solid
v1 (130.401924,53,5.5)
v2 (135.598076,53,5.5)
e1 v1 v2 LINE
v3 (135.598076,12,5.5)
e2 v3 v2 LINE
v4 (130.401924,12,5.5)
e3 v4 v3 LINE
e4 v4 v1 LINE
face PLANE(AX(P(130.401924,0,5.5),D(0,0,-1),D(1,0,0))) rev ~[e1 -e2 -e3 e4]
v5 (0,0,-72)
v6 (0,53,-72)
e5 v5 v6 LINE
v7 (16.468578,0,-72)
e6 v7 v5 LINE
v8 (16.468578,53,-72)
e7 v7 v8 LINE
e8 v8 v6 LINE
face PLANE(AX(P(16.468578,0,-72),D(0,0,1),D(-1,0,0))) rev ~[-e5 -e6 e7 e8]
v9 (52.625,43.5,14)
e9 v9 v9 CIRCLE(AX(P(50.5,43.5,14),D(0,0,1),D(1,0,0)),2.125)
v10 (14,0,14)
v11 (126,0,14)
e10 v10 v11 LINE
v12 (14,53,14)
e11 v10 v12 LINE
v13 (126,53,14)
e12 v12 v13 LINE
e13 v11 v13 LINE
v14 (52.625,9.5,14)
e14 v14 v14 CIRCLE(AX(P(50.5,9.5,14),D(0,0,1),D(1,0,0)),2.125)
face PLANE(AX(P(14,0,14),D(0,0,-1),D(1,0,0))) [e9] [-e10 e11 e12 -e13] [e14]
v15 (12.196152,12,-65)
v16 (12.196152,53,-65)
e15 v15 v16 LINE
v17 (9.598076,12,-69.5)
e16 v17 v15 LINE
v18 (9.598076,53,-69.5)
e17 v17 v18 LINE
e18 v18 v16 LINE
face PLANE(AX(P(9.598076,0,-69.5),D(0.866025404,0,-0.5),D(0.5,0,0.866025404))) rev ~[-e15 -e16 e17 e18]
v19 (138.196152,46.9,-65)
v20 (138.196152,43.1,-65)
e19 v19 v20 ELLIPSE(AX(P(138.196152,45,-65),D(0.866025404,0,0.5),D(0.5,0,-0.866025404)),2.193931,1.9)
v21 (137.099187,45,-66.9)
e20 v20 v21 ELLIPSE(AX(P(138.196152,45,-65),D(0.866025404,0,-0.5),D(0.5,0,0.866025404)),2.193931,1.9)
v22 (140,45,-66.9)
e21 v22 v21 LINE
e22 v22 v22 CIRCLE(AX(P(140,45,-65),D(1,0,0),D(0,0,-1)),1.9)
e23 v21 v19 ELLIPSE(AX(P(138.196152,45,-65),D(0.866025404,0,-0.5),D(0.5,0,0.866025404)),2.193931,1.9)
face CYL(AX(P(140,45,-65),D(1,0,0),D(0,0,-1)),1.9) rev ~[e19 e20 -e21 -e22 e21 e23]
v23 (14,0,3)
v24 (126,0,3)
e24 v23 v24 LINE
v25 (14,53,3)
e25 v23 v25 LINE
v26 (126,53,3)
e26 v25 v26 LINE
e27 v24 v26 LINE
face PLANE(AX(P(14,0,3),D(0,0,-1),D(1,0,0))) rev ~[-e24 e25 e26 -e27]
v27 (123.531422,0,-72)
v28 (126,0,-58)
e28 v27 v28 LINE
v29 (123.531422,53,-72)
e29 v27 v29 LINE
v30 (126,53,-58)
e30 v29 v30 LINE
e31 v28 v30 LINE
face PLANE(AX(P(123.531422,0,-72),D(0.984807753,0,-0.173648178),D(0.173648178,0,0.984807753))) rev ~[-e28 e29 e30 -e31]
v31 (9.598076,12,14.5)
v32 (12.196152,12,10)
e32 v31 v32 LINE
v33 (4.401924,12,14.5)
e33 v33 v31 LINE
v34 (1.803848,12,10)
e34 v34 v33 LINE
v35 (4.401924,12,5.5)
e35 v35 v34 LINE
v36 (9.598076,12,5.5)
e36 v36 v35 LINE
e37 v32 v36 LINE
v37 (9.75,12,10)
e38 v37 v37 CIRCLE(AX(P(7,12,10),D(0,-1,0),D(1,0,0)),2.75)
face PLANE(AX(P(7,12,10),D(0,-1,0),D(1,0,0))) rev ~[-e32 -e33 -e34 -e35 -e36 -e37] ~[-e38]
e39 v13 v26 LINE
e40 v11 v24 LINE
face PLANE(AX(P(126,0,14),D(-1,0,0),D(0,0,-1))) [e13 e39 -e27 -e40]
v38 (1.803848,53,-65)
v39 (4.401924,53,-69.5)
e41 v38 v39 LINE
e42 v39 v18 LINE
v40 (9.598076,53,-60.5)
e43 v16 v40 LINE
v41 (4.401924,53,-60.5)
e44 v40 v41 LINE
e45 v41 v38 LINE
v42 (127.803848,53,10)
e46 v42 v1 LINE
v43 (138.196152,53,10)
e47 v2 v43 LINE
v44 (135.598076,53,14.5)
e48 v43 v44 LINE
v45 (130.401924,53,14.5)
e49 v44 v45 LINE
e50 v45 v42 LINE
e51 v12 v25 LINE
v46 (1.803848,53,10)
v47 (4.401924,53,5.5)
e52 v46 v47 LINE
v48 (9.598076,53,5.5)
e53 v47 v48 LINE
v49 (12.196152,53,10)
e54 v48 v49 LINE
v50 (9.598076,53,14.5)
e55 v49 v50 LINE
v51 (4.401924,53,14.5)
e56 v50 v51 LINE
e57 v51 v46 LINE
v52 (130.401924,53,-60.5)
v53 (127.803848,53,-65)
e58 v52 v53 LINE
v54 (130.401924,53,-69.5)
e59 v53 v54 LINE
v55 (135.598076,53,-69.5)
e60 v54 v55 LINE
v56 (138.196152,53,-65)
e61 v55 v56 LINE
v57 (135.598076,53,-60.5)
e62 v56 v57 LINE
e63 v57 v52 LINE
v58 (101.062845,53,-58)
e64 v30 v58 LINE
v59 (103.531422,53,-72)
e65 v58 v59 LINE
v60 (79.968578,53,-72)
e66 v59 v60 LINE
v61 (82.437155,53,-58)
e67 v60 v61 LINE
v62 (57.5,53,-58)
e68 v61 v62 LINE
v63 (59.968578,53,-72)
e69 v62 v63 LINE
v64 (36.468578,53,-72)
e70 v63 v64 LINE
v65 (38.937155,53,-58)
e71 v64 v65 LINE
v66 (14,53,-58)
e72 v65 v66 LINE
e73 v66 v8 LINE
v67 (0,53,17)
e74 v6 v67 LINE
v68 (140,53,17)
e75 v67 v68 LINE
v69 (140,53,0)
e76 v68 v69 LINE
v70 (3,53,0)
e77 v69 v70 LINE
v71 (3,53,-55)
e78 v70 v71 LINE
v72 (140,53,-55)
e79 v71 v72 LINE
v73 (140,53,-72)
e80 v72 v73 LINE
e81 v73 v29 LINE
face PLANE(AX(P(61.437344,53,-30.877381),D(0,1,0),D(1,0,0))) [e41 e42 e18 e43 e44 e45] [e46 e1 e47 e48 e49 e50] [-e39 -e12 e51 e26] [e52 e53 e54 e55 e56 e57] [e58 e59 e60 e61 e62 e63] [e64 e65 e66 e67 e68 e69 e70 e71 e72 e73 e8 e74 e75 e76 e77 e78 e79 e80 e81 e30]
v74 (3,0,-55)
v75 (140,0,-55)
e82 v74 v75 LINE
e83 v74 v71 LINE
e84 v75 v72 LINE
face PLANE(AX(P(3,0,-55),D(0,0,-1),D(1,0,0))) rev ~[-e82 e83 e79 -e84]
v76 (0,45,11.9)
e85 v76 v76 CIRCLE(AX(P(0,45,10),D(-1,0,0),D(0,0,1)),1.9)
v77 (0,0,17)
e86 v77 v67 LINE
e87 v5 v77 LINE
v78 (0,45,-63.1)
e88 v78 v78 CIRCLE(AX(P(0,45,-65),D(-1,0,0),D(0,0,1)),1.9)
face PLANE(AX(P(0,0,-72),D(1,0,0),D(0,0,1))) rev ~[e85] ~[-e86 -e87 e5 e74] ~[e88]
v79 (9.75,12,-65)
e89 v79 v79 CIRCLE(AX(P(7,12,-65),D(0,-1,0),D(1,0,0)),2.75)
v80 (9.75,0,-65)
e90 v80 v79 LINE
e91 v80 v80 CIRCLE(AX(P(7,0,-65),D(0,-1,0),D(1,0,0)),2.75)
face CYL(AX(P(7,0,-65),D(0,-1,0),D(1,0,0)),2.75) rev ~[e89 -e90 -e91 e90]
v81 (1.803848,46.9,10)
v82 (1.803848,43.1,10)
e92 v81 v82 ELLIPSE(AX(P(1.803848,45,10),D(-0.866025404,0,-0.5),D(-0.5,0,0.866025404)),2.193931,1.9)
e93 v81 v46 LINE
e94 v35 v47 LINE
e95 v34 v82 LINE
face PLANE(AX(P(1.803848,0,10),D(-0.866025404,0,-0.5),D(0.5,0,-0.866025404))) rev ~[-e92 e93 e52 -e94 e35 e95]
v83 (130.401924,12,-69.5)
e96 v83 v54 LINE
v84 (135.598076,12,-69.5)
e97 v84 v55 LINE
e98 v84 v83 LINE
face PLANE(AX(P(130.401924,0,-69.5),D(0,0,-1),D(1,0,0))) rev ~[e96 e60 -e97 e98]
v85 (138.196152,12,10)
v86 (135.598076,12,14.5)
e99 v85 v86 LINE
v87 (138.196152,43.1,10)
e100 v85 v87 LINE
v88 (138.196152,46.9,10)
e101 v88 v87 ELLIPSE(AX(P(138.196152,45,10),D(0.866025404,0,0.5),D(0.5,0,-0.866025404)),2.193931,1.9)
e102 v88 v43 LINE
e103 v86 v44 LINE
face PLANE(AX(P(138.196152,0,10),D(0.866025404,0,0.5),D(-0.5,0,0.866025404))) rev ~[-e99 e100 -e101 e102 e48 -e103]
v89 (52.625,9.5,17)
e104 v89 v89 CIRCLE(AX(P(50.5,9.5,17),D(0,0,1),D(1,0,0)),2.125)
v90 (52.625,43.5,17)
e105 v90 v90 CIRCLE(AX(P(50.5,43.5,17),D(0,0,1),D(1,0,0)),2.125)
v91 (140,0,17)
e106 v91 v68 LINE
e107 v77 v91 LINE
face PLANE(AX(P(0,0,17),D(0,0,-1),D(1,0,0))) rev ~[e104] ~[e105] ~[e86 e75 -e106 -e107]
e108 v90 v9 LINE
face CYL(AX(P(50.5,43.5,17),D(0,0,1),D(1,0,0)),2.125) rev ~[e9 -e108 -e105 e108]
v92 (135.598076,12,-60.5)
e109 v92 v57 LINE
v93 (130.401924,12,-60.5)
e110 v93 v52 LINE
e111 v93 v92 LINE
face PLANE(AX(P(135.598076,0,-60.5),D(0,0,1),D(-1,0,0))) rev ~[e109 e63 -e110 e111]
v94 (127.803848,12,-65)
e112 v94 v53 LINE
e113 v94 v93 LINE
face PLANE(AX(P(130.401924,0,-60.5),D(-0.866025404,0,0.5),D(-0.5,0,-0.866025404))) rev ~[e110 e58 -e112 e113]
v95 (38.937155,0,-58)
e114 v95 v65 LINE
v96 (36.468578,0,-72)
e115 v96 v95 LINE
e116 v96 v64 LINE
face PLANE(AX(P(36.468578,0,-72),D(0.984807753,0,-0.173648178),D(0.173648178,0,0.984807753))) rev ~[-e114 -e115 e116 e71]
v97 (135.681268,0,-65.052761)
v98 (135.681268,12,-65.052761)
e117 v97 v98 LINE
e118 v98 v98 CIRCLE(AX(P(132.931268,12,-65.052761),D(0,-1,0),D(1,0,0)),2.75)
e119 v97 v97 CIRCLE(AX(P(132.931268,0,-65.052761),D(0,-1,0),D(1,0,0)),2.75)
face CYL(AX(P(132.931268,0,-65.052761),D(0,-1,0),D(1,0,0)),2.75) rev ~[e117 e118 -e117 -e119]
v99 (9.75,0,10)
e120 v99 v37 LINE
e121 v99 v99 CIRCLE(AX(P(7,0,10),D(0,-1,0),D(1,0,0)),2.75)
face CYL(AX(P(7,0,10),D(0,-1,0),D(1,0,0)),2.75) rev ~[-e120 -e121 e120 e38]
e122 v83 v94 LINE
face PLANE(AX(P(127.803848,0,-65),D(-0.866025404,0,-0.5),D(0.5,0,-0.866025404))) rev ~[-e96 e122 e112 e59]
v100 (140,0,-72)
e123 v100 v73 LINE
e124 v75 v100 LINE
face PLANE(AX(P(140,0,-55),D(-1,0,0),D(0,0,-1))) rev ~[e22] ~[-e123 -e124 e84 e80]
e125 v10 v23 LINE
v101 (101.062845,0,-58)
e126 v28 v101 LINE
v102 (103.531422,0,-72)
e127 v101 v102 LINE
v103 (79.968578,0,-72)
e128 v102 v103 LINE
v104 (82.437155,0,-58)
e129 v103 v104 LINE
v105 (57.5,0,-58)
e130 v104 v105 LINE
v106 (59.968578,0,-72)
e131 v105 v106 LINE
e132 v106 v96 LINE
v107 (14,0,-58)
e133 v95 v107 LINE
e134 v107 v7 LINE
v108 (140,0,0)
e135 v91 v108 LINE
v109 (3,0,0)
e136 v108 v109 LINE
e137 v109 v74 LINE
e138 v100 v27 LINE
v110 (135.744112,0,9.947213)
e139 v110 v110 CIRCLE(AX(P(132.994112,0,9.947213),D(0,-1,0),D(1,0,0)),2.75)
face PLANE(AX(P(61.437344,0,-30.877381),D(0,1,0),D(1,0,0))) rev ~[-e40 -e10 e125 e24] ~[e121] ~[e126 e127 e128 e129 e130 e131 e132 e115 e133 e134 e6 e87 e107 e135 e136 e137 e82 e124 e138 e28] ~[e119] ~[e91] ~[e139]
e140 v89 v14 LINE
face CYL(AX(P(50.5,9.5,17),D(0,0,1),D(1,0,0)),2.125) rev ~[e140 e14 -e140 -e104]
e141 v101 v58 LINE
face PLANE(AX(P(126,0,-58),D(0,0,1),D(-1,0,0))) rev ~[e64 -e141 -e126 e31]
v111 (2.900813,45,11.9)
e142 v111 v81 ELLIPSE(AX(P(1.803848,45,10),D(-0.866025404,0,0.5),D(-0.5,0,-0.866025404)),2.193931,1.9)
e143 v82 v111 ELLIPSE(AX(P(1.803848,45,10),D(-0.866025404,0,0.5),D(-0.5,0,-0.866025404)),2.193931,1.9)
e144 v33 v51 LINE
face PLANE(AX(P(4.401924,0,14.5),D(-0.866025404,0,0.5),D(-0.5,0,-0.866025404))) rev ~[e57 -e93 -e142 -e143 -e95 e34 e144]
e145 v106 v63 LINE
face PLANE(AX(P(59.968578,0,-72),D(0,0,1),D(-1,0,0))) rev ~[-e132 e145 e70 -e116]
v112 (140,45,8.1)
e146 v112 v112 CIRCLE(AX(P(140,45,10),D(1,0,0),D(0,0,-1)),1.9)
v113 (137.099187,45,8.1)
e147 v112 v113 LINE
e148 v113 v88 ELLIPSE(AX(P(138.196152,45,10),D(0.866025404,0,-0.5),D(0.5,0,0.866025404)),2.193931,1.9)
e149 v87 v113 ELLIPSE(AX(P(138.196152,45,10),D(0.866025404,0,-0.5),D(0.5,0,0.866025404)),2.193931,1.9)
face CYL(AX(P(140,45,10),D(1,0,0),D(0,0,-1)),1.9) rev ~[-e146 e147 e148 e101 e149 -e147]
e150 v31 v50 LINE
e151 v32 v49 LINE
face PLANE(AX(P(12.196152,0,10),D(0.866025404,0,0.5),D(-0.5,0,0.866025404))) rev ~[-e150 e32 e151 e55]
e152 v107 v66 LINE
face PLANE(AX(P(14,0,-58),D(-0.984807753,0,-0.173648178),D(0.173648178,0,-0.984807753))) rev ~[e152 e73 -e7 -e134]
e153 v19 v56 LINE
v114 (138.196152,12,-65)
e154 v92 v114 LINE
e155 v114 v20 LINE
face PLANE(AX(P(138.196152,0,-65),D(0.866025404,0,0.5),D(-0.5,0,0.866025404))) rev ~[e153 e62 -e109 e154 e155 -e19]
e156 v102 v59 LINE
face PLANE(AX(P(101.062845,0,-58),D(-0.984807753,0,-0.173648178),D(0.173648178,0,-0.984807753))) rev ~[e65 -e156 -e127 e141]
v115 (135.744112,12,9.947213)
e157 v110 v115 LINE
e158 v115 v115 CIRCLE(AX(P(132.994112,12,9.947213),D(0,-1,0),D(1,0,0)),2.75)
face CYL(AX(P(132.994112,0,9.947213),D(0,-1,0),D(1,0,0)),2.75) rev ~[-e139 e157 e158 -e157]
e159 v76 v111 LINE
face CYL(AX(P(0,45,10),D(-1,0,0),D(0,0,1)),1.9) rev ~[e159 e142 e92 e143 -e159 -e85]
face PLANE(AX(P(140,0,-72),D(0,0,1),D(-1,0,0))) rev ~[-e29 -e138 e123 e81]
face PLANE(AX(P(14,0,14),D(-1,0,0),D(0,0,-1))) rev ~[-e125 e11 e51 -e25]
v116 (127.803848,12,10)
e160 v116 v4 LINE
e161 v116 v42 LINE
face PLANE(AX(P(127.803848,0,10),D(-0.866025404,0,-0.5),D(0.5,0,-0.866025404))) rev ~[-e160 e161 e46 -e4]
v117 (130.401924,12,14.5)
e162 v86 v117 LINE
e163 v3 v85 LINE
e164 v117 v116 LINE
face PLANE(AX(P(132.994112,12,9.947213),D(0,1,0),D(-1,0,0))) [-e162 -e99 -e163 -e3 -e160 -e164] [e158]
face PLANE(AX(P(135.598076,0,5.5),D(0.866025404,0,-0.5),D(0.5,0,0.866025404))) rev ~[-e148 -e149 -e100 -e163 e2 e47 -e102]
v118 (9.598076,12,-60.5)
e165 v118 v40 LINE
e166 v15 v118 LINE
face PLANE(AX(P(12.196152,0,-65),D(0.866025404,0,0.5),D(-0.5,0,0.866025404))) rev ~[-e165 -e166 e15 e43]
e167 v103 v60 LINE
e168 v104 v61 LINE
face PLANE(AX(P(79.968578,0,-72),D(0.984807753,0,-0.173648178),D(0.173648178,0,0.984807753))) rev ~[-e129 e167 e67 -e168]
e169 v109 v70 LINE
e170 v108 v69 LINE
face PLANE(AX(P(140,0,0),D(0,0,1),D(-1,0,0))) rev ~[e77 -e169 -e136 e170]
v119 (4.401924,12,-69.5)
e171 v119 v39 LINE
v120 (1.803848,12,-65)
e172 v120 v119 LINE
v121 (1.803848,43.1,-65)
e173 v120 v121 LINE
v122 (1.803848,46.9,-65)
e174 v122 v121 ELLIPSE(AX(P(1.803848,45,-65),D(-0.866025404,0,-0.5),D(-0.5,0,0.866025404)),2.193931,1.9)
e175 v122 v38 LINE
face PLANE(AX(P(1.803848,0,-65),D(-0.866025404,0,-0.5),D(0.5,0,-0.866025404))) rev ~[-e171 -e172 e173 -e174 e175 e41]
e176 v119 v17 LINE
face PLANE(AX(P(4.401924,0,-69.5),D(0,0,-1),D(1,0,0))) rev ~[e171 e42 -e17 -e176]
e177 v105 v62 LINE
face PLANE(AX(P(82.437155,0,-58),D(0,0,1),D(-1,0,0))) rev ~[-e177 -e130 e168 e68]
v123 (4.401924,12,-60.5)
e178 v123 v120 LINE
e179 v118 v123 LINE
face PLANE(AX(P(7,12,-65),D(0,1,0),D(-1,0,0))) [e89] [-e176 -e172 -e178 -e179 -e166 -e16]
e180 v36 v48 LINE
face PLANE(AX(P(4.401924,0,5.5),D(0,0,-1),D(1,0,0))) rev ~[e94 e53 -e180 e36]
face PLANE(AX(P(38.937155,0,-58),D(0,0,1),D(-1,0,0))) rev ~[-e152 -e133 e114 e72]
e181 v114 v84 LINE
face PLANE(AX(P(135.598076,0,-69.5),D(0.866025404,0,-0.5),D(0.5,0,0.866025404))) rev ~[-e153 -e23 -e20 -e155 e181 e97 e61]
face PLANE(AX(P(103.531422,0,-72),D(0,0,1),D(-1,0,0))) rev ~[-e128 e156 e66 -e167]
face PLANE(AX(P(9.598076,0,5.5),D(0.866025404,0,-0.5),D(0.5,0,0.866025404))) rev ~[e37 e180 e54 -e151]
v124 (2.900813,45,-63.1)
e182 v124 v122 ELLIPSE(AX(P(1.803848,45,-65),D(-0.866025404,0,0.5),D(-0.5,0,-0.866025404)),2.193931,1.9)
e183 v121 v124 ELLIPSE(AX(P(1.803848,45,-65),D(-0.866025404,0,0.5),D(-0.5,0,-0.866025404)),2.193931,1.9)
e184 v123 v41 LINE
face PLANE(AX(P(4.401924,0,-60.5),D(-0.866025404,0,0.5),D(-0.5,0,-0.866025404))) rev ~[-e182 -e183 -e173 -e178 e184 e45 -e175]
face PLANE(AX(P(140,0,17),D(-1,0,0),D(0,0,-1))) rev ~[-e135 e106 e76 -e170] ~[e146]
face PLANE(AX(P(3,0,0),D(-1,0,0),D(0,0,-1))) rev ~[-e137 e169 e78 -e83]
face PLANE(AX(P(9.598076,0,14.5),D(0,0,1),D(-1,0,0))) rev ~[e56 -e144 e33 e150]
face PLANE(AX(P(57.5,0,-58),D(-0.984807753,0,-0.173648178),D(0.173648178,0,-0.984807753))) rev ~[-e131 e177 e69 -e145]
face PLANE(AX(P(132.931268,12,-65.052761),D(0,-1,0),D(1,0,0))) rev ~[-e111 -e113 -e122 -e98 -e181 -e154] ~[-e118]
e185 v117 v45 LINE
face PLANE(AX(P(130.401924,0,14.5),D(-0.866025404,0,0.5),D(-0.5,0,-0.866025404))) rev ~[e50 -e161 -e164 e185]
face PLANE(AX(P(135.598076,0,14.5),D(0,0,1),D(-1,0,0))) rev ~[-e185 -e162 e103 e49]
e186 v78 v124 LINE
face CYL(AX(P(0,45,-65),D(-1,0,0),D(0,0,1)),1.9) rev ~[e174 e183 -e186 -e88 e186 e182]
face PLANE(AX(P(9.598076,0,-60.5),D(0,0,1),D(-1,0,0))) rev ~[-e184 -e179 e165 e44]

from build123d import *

# Parameters (mm, degrees)
SKETCH1_W           = 112
SKETCH1_H           = 11
BOSS_EXTRUDE2_DEPTH = 53
SKETCH2_R           = 1.9
CUT_EXTRUDE1_DEPTH  = 9.5
SKETCH3_R           = 1.9
CUT_EXTRUDE2_DEPTH  = 9.5
CUT_EXTRUDE3_REACH  = 91
SKETCH4_R           = 2.125
SKETCH5_R           = 2.75
BOSS_EXTRUDE6_DEPTH = 12


with BuildPart() as part:
    # Sketch1 → Boss-Extrude2 (new body)
    with BuildSketch(Plane(origin=(0, 0, 0), x_dir=(1, 0, 0), z_dir=(0, 1, 0))):
        Polygon((140, -17), (140, 0), (3, 0), (3, 55), (140, 55), (140, 72), (123.53142227, 72), (126, 58), (101.06284454, 58), (103.53142227, 72), (79.96857773, 72), (82.43715546, 58), (57.5, 58), (59.96857773, 72), (36.46857773, 72), (38.93715546, 58), (14, 58), (16.46857773, 72), (0, 72), (0, -17), align=None)
        with Locations((70, -8.5)):
            Rectangle(SKETCH1_W, SKETCH1_H, mode=Mode.SUBTRACT)
        Polygon((4.401923789, -5.5), (9.598076211, -5.5), (12.196152423, -10), (9.598076211, -14.5), (4.401923789, -14.5), (1.803847577, -10), align=None, mode=Mode.SUBTRACT)
        Polygon((12.196152423, 65), (9.598076211, 60.5), (4.401923789, 60.5), (1.803847577, 65), (4.401923789, 69.5), (9.598076211, 69.5), align=None, mode=Mode.SUBTRACT)
        Polygon((127.803847577, -10), (130.401923789, -5.5), (135.598076211, -5.5), (138.196152423, -10), (135.598076211, -14.5), (130.401923789, -14.5), align=None, mode=Mode.SUBTRACT)
        Polygon((135.598076211, 60.5), (130.401923789, 60.5), (127.803847577, 65), (130.401923789, 69.5), (135.598076211, 69.5), (138.196152423, 65), align=None, mode=Mode.SUBTRACT)
    extrude(amount=BOSS_EXTRUDE2_DEPTH)

    # Sketch2 → Cut-Extrude1 (cut)
    with BuildSketch(Plane(origin=(140, 0, 0), x_dir=(0, 0, -1), z_dir=(1, 0, 0))):
        with Locations((-10, 45)):
            Circle(SKETCH2_R)
        with Locations((65, 45)):
            Circle(SKETCH2_R)
    extrude(amount=-CUT_EXTRUDE1_DEPTH, mode=Mode.SUBTRACT)

    # Sketch3 → Cut-Extrude2 (cut)
    with BuildSketch(Plane.ZY):
        with Locations((-65, 45)):
            Circle(SKETCH3_R)
        with Locations((10, 45)):
            Circle(SKETCH3_R)
    extrude(amount=-CUT_EXTRUDE2_DEPTH, mode=Mode.SUBTRACT)

    # Sketch4 → Cut-Extrude3 (cut, up to next)
    with BuildSketch(Plane.XY.offset(17), mode=Mode.PRIVATE) as cut_extrude3_sk1:
        with Locations((50.5, 43.5)):
            Circle(SKETCH4_R)
    cut_extrude3_tool1 = extrude(cut_extrude3_sk1.sketch, amount=-CUT_EXTRUDE3_REACH, mode=Mode.PRIVATE) & part.part
    add(cut_extrude3_tool1.solids().sort_by_distance((50.5, 43.5, 17))[0], mode=Mode.SUBTRACT)
    # Sketch4 → Cut-Extrude3 (cut, up to next)
    with BuildSketch(Plane.XY.offset(17), mode=Mode.PRIVATE) as cut_extrude3_sk2:
        with Locations((50.5, 9.5)):
            Circle(SKETCH4_R)
    cut_extrude3_tool2 = extrude(cut_extrude3_sk2.sketch, amount=-CUT_EXTRUDE3_REACH, mode=Mode.PRIVATE) & part.part
    add(cut_extrude3_tool2.solids().sort_by_distance((50.5, 9.5, 17))[0], mode=Mode.SUBTRACT)

    # Sketch5 → Boss-Extrude6 (add)
    with BuildSketch(Plane.XZ):
        Polygon((3.904199133, -59.637915608), (10.095800867, -59.637915608), (13.191601734, -65), (10.095800867, -70.362084392), (3.904199133, -70.362084392), (0.808398266, -65), align=None)
        with Locations((7, -65)):
            Circle(SKETCH5_R, mode=Mode.SUBTRACT)
        Polygon((13.191601734, 10), (10.095800867, 15.362084392), (3.904199133, 15.362084392), (0.808398266, 10), (3.904199133, 4.637915608), (10.095800867, 4.637915608), align=None)
        with Locations((7, 10)):
            Circle(SKETCH5_R, mode=Mode.SUBTRACT)
        Polygon((139.122867425, -65.057948728), (136.03156068, -59.693272163), (129.83996112, -59.688084053), (126.739668304, -65.047572507), (129.830975049, -70.412249071), (136.022574609, -70.417437182), align=None)
        with Locations((132.931267865, -65.052760617)):
            Circle(SKETCH5_R, mode=Mode.SUBTRACT)
        Polygon((129.893819578, 4.587724599), (126.802512833, 9.952401164), (129.902805649, 15.311889618), (136.094405209, 15.306701507), (139.185711954, 9.942024942), (136.085419138, 4.582536488), align=None)
        with Locations((132.994112394, 9.947213053)):
            Circle(SKETCH5_R, mode=Mode.SUBTRACT)
    extrude(amount=-BOSS_EXTRUDE6_DEPTH)


solid = part.part
